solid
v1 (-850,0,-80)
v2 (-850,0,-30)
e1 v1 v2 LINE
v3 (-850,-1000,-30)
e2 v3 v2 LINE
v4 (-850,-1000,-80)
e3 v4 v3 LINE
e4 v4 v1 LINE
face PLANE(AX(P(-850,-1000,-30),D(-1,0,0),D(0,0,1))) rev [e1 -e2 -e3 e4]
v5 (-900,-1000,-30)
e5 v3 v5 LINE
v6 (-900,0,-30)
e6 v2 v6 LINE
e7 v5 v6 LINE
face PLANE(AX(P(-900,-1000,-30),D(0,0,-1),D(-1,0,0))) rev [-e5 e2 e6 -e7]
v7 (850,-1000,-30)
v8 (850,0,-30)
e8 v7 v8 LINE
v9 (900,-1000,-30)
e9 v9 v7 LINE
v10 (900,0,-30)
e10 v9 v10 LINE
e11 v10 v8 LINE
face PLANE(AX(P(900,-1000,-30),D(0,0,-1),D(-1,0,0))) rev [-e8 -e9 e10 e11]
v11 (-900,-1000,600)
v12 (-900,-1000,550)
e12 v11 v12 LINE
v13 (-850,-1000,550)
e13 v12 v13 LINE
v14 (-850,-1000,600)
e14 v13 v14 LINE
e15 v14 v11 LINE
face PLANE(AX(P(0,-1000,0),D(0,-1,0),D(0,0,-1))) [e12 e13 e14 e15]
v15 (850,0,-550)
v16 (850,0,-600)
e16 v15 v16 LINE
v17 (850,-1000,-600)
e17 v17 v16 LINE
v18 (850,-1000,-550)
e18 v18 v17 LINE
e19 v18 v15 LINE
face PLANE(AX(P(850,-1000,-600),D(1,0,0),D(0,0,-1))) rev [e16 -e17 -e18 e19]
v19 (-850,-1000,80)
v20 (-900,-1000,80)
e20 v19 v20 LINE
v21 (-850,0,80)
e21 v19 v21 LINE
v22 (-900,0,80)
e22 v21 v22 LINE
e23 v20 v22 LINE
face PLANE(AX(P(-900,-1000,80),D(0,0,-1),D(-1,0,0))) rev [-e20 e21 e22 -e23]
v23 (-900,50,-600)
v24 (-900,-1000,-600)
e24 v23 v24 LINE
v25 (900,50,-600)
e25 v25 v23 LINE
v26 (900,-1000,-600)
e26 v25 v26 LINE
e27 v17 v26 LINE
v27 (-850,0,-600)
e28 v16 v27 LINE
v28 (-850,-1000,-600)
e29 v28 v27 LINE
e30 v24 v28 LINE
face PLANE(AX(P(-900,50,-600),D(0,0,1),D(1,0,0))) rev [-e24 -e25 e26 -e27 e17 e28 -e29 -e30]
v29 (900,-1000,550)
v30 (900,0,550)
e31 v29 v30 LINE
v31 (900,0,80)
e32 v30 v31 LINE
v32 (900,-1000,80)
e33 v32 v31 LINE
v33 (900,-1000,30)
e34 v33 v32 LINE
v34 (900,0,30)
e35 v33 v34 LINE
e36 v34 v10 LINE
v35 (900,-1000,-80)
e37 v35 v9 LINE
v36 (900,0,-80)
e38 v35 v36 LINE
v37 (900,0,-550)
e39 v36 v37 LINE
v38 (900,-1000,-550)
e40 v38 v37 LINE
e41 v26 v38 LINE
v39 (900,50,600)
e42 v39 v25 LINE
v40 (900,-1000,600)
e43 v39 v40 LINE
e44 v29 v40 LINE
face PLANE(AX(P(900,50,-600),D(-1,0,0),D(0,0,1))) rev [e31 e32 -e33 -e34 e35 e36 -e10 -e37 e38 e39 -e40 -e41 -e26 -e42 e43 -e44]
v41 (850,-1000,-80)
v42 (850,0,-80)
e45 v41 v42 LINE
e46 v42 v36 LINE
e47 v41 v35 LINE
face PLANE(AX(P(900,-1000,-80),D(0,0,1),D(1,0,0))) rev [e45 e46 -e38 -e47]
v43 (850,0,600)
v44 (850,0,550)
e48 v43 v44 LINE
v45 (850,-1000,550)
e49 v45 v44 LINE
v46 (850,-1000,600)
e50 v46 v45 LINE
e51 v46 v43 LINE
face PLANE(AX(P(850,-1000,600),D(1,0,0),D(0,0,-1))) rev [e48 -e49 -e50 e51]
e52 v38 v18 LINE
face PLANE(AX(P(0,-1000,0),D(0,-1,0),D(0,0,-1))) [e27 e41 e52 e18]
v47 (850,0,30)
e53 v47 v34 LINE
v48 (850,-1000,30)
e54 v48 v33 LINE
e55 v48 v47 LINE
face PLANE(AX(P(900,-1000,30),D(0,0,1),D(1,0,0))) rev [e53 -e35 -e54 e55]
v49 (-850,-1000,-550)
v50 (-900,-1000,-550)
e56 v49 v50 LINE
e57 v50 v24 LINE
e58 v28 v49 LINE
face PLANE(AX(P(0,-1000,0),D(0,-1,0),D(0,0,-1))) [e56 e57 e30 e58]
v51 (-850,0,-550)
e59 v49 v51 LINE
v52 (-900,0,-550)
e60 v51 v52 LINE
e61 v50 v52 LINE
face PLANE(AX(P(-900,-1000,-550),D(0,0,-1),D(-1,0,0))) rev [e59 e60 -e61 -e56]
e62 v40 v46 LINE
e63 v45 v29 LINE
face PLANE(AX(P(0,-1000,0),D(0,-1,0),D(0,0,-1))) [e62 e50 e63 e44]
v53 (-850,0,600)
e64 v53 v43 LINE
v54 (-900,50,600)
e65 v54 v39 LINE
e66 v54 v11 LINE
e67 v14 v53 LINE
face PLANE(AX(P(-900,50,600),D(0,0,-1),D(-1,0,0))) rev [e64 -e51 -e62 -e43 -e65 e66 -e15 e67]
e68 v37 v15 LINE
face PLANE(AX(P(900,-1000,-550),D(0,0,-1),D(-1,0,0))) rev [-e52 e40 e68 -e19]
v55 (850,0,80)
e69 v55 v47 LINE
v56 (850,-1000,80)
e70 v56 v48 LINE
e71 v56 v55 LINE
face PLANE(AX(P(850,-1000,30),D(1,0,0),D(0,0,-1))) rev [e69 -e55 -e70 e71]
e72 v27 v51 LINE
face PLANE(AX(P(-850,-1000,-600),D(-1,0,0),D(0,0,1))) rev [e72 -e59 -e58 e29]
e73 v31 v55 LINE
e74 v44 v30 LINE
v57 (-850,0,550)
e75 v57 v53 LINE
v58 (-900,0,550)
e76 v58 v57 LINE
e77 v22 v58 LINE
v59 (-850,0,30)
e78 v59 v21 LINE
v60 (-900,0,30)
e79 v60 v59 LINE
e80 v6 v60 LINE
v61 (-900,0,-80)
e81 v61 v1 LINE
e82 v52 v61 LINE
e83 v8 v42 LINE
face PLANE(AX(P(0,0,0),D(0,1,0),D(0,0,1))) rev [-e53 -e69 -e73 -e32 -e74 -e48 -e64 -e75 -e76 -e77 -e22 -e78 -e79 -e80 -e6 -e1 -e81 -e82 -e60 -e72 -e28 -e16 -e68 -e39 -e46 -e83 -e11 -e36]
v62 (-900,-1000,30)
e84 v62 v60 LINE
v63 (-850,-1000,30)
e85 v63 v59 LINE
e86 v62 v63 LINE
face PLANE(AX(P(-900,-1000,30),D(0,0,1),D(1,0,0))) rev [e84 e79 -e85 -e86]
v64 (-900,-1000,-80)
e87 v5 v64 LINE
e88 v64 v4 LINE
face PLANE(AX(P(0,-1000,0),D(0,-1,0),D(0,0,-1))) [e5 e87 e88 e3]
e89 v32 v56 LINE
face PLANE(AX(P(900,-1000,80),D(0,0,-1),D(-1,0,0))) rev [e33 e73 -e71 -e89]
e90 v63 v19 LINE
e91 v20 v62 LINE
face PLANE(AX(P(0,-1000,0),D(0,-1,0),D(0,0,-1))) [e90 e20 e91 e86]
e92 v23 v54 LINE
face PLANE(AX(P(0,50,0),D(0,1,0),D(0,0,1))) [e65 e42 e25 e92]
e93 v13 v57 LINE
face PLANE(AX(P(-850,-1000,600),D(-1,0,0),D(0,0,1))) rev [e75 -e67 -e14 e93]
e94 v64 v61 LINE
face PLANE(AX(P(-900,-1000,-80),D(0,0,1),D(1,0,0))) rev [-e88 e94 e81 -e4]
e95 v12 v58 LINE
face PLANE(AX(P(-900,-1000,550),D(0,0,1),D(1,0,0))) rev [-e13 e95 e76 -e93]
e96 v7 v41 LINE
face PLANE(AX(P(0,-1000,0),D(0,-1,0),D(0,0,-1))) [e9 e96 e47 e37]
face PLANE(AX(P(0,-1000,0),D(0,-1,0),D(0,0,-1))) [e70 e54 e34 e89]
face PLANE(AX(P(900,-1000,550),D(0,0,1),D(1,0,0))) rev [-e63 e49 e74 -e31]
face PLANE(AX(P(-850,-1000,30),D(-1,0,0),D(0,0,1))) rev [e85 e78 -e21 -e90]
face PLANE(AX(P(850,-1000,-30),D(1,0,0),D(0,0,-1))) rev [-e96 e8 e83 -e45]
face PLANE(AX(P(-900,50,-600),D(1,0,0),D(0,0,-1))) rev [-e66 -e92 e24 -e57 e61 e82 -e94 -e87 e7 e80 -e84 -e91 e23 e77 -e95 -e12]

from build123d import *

# Parameters (mm, degrees)
SKETCH1_W           = 1800
SKETCH1_H           = 1200
BOSS_EXTRUDE1_DEPTH = 50
SKETCH2_W           = 50
SKETCH2_H           = 50
BOSS_EXTRUDE2_DEPTH = 1000


with BuildPart() as part:
    # Sketch1 → Boss-Extrude1 (new body)
    with BuildSketch(Plane(origin=(0, 0, 0), x_dir=(1, 0, 0), z_dir=(0, 1, 0))):
        Rectangle(SKETCH1_W, SKETCH1_H)
    extrude(amount=BOSS_EXTRUDE1_DEPTH)

    # Sketch2 → Boss-Extrude2 (add)
    with BuildSketch(Plane.XZ):
        with Locations((875, -575)):
            Rectangle(SKETCH2_W, SKETCH2_H)
        with Locations((-875, -575)):
            Rectangle(SKETCH2_W, SKETCH2_H)
        with Locations((-875, 575)):
            Rectangle(SKETCH2_W, SKETCH2_H)
        with Locations((875, 575)):
            Rectangle(SKETCH2_W, SKETCH2_H)
        with Locations((-875, 55)):
            Rectangle(SKETCH2_W, SKETCH2_H)
        with Locations((-875, -55)):
            Rectangle(SKETCH2_W, SKETCH2_H)
        with Locations((875, -55)):
            Rectangle(SKETCH2_W, SKETCH2_H)
        with Locations((875, 55)):
            Rectangle(SKETCH2_W, SKETCH2_H)
    extrude(amount=BOSS_EXTRUDE2_DEPTH)


solid = part.part
